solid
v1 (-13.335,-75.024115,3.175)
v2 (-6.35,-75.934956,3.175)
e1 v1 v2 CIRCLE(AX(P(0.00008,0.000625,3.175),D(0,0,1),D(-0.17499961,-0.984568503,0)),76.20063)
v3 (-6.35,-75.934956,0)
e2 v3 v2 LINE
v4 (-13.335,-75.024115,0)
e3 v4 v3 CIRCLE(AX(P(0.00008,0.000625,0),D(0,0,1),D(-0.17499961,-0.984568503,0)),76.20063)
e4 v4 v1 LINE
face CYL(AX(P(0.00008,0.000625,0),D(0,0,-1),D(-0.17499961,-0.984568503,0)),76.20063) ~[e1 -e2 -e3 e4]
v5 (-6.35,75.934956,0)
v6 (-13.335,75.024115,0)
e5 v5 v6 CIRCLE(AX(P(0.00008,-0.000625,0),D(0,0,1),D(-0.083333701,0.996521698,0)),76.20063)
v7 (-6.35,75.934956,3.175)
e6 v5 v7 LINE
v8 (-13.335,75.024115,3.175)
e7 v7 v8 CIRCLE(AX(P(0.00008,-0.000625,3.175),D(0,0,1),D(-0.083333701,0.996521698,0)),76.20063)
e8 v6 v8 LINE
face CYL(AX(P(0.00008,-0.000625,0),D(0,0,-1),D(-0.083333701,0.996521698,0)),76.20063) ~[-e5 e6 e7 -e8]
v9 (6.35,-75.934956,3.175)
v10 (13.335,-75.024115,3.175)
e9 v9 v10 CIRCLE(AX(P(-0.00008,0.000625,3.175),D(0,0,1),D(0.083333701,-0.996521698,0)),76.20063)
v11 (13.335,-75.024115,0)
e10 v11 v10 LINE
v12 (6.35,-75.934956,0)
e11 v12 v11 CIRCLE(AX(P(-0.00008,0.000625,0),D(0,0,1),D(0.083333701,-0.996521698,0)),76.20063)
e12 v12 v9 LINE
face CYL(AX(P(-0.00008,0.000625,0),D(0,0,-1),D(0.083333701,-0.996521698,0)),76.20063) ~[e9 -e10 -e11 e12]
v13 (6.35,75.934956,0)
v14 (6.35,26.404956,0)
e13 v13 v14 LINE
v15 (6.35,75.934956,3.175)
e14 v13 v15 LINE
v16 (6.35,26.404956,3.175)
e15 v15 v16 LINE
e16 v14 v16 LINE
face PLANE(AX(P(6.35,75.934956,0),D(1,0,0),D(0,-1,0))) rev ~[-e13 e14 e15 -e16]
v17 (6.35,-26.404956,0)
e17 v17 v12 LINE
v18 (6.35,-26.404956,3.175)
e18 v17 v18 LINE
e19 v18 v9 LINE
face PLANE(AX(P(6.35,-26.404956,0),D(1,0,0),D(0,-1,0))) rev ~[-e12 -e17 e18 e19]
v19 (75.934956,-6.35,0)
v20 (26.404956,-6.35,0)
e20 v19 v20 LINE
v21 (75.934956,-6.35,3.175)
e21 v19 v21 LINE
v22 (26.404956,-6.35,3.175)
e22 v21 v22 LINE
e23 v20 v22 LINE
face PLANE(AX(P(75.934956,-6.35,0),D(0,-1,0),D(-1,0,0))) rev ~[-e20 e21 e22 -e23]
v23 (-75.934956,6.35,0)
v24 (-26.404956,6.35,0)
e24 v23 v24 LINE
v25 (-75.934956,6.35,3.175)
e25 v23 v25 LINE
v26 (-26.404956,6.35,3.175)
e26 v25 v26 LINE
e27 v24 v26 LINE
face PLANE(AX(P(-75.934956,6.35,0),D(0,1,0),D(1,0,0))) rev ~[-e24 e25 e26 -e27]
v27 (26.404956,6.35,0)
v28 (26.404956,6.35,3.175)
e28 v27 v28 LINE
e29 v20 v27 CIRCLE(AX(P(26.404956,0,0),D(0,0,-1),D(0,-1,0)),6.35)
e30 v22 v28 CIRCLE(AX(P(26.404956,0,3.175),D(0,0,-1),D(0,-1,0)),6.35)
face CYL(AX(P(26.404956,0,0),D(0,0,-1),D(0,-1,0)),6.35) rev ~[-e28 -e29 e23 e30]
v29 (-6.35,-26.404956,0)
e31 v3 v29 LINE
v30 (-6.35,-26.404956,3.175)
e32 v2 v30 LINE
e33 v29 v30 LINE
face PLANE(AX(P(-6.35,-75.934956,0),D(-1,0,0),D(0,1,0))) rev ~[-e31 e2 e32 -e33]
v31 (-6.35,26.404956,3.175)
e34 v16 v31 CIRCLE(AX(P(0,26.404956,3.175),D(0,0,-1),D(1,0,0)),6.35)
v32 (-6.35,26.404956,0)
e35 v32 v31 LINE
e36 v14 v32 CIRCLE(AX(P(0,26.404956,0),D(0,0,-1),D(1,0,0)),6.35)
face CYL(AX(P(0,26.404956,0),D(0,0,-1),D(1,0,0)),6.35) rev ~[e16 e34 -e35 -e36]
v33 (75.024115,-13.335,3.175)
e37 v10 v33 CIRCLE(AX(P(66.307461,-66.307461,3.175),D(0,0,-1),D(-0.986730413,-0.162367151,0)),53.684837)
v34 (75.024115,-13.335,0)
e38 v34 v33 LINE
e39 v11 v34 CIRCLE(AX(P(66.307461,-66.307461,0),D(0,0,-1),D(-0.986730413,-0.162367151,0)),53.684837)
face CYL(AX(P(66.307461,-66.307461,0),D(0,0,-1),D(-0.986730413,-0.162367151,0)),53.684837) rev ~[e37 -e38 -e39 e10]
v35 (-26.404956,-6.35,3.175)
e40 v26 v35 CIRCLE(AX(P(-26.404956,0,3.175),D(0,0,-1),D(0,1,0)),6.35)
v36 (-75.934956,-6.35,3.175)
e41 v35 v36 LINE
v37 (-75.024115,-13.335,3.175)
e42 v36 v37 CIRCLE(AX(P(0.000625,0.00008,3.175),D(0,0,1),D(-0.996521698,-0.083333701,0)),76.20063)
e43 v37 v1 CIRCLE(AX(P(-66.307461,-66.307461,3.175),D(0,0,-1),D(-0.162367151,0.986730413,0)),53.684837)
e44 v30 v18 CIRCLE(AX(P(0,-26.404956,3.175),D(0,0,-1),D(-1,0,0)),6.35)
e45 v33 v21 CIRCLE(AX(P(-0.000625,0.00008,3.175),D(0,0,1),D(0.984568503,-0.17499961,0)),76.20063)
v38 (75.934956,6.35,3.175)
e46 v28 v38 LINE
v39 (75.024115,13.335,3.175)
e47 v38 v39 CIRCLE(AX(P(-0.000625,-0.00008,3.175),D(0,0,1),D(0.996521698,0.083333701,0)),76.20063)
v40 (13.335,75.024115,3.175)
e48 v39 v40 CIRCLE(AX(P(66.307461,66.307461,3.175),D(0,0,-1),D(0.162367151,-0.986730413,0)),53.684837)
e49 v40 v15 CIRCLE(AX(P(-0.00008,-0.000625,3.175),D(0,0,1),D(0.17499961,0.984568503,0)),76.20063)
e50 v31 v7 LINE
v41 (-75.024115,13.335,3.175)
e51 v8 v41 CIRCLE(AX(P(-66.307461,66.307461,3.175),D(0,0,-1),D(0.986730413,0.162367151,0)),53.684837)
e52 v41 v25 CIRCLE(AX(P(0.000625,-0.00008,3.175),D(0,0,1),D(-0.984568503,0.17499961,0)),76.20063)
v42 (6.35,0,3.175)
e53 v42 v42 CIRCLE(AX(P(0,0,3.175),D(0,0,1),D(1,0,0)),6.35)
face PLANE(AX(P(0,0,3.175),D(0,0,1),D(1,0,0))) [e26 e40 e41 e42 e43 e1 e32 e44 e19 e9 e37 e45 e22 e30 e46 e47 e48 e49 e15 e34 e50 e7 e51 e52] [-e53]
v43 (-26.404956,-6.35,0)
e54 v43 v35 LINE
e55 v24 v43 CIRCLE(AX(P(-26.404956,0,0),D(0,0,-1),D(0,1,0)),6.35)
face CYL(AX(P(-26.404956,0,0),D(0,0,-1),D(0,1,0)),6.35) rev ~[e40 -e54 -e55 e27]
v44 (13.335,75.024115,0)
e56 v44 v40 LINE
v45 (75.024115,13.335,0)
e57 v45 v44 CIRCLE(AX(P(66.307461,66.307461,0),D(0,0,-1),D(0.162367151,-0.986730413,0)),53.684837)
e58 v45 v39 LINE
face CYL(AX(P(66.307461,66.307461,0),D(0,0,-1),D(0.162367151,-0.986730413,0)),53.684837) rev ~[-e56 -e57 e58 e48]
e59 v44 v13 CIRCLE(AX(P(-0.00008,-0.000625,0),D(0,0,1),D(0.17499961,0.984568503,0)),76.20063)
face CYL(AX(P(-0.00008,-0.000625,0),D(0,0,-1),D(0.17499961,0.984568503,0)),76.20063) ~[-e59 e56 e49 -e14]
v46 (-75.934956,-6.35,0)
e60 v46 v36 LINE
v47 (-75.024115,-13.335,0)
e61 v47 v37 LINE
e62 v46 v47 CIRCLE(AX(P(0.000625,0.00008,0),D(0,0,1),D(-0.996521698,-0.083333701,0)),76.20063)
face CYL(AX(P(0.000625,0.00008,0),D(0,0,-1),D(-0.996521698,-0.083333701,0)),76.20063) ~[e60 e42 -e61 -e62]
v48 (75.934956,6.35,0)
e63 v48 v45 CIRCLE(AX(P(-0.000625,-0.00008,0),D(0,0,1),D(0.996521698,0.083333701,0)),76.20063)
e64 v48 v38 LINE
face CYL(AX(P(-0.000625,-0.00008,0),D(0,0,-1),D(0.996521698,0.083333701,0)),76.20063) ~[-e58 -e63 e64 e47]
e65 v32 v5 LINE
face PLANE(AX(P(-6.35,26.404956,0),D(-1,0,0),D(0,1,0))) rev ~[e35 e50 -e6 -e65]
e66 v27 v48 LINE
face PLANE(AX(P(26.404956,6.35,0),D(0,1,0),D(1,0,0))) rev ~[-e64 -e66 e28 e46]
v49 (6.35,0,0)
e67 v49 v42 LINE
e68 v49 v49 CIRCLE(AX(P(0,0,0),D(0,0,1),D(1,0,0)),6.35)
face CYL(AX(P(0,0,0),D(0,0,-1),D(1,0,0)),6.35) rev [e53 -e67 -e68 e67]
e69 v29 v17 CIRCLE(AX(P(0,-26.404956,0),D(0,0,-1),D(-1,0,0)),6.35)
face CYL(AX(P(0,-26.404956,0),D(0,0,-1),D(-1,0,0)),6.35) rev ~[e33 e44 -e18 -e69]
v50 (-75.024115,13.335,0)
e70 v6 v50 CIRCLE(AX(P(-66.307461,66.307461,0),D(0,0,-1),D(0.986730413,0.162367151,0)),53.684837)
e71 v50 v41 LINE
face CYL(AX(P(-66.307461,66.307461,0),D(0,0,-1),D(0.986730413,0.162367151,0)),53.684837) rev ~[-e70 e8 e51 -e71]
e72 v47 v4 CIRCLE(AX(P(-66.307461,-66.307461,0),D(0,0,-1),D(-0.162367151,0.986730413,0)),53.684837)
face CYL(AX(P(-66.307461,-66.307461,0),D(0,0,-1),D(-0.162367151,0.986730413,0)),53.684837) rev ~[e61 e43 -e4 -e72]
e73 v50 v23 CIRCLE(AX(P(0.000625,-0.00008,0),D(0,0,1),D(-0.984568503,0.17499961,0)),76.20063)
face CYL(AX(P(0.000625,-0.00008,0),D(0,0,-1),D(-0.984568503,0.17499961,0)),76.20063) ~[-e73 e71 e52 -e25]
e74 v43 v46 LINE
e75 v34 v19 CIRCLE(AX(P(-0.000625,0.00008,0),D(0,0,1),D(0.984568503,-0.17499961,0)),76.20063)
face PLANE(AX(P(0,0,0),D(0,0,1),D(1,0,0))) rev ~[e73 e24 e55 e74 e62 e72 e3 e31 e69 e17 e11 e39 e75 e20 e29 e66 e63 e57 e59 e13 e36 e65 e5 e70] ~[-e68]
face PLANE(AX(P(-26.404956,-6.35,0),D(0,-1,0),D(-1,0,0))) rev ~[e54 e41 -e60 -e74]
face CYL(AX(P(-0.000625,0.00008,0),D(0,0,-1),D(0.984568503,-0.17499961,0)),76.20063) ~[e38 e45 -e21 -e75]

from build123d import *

# Parameters (mm, degrees)
F0_R     = 6.35
F1_DEPTH = 3.175


with BuildPart() as f1:
    # F0 (on Top) → F1 (new body)
    with BuildSketch(Plane.XY):
        with BuildLine():
            Line((-6.35, 42.8625), (-6.35, 75.934956))
            ThreePointArc((-6.35, 75.934956), (-9.853031, 75.560292), (-13.335, 75.024115))
            ThreePointArc((-13.335, 75.024115), (-28.346549, 28.346549), (-75.024115, 13.335))
            ThreePointArc((-75.024115, 13.335), (-75.560292, 9.853031), (-75.934956, 6.35))
            Line((-75.934956, 6.35), (-42.8625, 6.35))
            Line((-42.8625, 6.35), (-26.404956, 6.35))
            ThreePointArc((-26.404956, 6.35), (-20.054956, 0), (-26.404956, -6.35))
            Line((-26.404956, -6.35), (-42.8625, -6.35))
            Line((-42.8625, -6.35), (-75.934956, -6.35))
            ThreePointArc((-75.934956, -6.35), (-75.560292, -9.853031), (-75.024115, -13.335))
            ThreePointArc((-75.024115, -13.335), (-28.346549, -28.346549), (-13.335, -75.024115))
            ThreePointArc((-13.335, -75.024115), (-9.853031, -75.560292), (-6.35, -75.934956))
            Line((-6.35, -75.934956), (-6.35, -42.8625))
            Line((-6.35, -42.8625), (-6.35, -26.404956))
            ThreePointArc((-6.35, -26.404956), (0, -20.054956), (6.35, -26.404956))
            Line((6.35, -26.404956), (6.35, -42.8625))
            Line((6.35, -42.8625), (6.35, -75.934956))
            ThreePointArc((6.35, -75.934956), (9.853031, -75.560292), (13.335, -75.024115))
            ThreePointArc((13.335, -75.024115), (28.346549, -28.346549), (75.024115, -13.335))
            ThreePointArc((75.024115, -13.335), (75.560292, -9.853031), (75.934956, -6.35))
            Line((75.934956, -6.35), (42.8625, -6.35))
            Line((42.8625, -6.35), (26.404956, -6.35))
            ThreePointArc((26.404956, -6.35), (20.054956, 0), (26.404956, 6.35))
            Line((26.404956, 6.35), (42.8625, 6.35))
            Line((42.8625, 6.35), (75.934956, 6.35))
            ThreePointArc((75.934956, 6.35), (75.560292, 9.853031), (75.024115, 13.335))
            ThreePointArc((75.024115, 13.335), (28.346549, 28.346549), (13.335, 75.024115))
            ThreePointArc((13.335, 75.024115), (9.853031, 75.560292), (6.35, 75.934956))
            Line((6.35, 75.934956), (6.35, 42.8625))
            Line((6.35, 42.8625), (6.35, 26.404956))
            ThreePointArc((6.35, 26.404956), (0, 20.054956), (-6.35, 26.404956))
            Line((-6.35, 26.404956), (-6.35, 42.8625))
        make_face()
        Circle(F0_R, mode=Mode.SUBTRACT)
    extrude(amount=F1_DEPTH)


solid = f1.part
